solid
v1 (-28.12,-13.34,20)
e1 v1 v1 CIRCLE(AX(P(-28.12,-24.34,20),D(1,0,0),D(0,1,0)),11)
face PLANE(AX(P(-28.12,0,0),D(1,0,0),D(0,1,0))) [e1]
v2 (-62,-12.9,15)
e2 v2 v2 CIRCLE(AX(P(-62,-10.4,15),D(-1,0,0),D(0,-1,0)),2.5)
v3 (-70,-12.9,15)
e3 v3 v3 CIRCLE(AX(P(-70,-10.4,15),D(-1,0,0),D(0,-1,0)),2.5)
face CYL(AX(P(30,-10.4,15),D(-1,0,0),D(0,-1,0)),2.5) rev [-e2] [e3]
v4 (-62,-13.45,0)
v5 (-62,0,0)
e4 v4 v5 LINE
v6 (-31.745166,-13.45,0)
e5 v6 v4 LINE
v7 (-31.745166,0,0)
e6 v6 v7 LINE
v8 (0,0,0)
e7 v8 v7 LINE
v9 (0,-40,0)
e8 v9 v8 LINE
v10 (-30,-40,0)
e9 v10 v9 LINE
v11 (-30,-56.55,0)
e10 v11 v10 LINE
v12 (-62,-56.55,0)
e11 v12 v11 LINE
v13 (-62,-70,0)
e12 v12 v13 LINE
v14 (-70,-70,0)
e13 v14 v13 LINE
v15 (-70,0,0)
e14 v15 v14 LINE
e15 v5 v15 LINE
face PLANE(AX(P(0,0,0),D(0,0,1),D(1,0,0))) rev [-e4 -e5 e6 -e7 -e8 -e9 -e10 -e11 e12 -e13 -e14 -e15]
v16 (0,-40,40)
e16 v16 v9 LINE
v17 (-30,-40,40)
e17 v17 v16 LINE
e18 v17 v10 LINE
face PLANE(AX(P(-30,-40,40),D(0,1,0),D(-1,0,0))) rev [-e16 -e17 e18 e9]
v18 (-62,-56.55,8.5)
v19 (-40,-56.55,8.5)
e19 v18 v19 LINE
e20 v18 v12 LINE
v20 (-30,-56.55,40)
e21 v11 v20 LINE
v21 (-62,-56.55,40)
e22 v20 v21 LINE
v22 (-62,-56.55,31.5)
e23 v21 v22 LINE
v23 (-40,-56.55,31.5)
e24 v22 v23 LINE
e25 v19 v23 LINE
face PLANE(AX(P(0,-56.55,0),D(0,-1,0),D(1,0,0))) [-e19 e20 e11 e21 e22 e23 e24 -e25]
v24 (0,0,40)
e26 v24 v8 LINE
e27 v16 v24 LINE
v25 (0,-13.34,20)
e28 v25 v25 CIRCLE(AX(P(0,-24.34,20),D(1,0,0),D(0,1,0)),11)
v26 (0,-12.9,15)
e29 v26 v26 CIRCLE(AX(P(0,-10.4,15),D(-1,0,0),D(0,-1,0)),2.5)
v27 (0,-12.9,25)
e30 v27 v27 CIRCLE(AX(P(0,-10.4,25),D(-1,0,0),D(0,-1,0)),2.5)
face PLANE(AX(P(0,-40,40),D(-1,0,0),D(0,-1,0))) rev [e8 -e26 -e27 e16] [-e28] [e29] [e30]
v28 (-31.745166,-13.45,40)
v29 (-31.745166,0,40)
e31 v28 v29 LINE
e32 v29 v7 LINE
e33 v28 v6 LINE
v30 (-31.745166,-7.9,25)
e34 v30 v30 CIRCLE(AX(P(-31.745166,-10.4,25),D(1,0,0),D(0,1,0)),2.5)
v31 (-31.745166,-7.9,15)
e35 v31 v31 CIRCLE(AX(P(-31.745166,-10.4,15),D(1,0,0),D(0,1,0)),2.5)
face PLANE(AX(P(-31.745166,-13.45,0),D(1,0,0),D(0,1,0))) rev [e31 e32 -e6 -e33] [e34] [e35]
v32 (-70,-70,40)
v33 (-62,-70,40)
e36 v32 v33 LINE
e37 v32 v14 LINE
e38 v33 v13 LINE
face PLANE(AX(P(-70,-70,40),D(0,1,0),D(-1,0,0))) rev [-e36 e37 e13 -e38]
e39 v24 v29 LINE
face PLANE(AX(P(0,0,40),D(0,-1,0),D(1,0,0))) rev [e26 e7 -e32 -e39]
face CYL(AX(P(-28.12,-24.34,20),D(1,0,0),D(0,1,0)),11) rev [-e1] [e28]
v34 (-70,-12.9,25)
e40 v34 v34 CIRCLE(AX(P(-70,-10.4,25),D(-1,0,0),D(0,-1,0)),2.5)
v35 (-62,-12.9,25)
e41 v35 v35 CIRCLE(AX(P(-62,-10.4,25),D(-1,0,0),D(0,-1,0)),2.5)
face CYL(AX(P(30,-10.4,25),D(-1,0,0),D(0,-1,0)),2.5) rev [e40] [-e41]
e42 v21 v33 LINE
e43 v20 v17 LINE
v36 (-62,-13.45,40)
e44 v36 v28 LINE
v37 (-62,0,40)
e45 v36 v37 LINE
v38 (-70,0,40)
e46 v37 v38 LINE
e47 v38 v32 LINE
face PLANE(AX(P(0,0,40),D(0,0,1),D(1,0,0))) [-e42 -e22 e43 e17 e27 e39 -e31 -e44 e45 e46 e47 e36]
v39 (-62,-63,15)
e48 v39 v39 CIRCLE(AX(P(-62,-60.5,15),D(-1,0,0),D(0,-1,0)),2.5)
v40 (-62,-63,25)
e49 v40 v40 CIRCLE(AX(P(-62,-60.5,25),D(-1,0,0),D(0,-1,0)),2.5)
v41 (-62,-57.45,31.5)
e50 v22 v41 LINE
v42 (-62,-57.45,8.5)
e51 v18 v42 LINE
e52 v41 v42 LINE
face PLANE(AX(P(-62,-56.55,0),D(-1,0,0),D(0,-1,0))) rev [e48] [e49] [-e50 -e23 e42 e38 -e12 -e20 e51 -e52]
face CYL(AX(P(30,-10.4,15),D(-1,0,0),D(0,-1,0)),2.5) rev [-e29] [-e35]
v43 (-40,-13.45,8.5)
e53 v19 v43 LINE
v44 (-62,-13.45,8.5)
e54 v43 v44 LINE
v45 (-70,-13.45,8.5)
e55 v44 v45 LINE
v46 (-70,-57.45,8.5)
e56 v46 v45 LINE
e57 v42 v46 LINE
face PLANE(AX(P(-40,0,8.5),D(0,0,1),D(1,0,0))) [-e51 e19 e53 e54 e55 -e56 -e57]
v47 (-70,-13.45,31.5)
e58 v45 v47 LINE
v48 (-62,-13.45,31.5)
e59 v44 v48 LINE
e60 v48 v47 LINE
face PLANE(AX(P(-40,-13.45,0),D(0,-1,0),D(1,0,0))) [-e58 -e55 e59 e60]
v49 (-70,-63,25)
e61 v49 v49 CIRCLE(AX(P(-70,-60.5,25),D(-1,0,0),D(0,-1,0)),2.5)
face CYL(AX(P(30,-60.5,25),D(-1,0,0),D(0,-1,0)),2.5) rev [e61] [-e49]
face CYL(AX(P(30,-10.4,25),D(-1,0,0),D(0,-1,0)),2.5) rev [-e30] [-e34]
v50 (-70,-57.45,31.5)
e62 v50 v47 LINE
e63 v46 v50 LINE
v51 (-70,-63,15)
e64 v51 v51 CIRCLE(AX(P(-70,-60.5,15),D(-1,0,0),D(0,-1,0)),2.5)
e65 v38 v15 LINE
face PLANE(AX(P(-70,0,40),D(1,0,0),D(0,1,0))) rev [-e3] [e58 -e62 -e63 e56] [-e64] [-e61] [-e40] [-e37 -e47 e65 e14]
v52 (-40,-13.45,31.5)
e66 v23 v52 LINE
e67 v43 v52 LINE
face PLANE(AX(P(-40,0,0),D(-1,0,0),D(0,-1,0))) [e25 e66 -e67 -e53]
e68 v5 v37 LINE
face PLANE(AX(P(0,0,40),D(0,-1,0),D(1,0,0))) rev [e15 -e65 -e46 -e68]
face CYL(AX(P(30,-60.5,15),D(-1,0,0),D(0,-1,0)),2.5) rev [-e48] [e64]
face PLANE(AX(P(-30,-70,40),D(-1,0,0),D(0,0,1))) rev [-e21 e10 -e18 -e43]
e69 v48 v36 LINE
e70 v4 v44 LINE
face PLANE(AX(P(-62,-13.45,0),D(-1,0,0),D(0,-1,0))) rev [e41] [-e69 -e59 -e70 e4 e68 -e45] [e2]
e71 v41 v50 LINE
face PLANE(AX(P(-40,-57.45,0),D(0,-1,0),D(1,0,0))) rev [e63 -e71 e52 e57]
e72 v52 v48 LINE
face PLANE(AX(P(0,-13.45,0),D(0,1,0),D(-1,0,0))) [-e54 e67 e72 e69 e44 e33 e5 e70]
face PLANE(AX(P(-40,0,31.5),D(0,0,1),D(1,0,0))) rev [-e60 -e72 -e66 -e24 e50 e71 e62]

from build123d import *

# Parameters (mm, degrees)
BOSS_EXTRUDE1_DEPTH = 40
SKETCH3_W           = 11.5
SKETCH3_H           = 44
CUT_EXTRUDE1_DEPTH  = 30
SKETCH4_W           = 30.254833929
SKETCH4_H           = 40
CUT_EXTRUDE2_DEPTH  = 13.45
SKETCH5_W           = 32
SKETCH5_H           = 40
CUT_EXTRUDE3_DEPTH  = 13.45
SKETCH6_R           = 2.5
CUT_EXTRUDE4_DEPTH  = 100
CUT_EXTRUDE5_DEPTH  = 28.12


with BuildPart() as part:
    # Sketch1 → Boss-Extrude1 (new body)
    with BuildSketch(Plane.XY):
        Polygon((0, 0), (-70, 0), (-70, -70), (-30, -70), (-30, -40), (0, -40), align=None)
    extrude(amount=BOSS_EXTRUDE1_DEPTH)

    # Sketch3 → Cut-Extrude1 (cut)
    with BuildSketch(Plane.ZY.offset(70)):
        with Locations((14.25, -35.45)):
            Rectangle(SKETCH3_W, SKETCH3_H)
        with Locations((25.75, -35.45)):
            Rectangle(SKETCH3_W, SKETCH3_H)
    extrude(amount=-CUT_EXTRUDE1_DEPTH, mode=Mode.SUBTRACT)

    # Sketch4 → Cut-Extrude2 (cut)
    with BuildSketch(Plane(origin=(0, 0, 0), x_dir=(1, 0, 0), z_dir=(0, 1, 0))):
        with Locations((-46.872583036, -20)):
            Rectangle(SKETCH4_W, SKETCH4_H)
    extrude(amount=-CUT_EXTRUDE2_DEPTH, mode=Mode.SUBTRACT)

    # Sketch5 → Cut-Extrude3 (cut)
    with BuildSketch(Plane.XZ.offset(70)):
        with Locations((-46, 20)):
            Rectangle(SKETCH5_W, SKETCH5_H)
    extrude(amount=-CUT_EXTRUDE3_DEPTH, mode=Mode.SUBTRACT)

    # Sketch6 → Cut-Extrude4 (cut)
    with BuildSketch(Plane.ZY.offset(70)):
        with Locations((15, -10.4)):
            Circle(SKETCH6_R)
        with Locations((25, -10.4)):
            Circle(SKETCH6_R)
        with Locations((25, -60.5)):
            Circle(SKETCH6_R)
        with Locations((15, -60.5)):
            Circle(SKETCH6_R)
    extrude(amount=-CUT_EXTRUDE4_DEPTH, mode=Mode.SUBTRACT)

    # Sketch7 → Cut-Extrude5 (cut)
    with BuildSketch(Plane(origin=(0, 0, 0), x_dir=(0, 0, -1), z_dir=(1, 0, 0))):
        with BuildLine():
            ThreePointArc((-31, -24.34), (-20, -35.34), (-9, -24.34))
            Line((-9, -24.34), (-31, -24.34))
        make_face()
        with BuildLine():
            Line((-31, -24.34), (-9, -24.34))
            ThreePointArc((-9, -24.34), (-20, -13.34), (-31, -24.34))
        make_face()
    extrude(amount=-CUT_EXTRUDE5_DEPTH, mode=Mode.SUBTRACT)


solid = part.part
